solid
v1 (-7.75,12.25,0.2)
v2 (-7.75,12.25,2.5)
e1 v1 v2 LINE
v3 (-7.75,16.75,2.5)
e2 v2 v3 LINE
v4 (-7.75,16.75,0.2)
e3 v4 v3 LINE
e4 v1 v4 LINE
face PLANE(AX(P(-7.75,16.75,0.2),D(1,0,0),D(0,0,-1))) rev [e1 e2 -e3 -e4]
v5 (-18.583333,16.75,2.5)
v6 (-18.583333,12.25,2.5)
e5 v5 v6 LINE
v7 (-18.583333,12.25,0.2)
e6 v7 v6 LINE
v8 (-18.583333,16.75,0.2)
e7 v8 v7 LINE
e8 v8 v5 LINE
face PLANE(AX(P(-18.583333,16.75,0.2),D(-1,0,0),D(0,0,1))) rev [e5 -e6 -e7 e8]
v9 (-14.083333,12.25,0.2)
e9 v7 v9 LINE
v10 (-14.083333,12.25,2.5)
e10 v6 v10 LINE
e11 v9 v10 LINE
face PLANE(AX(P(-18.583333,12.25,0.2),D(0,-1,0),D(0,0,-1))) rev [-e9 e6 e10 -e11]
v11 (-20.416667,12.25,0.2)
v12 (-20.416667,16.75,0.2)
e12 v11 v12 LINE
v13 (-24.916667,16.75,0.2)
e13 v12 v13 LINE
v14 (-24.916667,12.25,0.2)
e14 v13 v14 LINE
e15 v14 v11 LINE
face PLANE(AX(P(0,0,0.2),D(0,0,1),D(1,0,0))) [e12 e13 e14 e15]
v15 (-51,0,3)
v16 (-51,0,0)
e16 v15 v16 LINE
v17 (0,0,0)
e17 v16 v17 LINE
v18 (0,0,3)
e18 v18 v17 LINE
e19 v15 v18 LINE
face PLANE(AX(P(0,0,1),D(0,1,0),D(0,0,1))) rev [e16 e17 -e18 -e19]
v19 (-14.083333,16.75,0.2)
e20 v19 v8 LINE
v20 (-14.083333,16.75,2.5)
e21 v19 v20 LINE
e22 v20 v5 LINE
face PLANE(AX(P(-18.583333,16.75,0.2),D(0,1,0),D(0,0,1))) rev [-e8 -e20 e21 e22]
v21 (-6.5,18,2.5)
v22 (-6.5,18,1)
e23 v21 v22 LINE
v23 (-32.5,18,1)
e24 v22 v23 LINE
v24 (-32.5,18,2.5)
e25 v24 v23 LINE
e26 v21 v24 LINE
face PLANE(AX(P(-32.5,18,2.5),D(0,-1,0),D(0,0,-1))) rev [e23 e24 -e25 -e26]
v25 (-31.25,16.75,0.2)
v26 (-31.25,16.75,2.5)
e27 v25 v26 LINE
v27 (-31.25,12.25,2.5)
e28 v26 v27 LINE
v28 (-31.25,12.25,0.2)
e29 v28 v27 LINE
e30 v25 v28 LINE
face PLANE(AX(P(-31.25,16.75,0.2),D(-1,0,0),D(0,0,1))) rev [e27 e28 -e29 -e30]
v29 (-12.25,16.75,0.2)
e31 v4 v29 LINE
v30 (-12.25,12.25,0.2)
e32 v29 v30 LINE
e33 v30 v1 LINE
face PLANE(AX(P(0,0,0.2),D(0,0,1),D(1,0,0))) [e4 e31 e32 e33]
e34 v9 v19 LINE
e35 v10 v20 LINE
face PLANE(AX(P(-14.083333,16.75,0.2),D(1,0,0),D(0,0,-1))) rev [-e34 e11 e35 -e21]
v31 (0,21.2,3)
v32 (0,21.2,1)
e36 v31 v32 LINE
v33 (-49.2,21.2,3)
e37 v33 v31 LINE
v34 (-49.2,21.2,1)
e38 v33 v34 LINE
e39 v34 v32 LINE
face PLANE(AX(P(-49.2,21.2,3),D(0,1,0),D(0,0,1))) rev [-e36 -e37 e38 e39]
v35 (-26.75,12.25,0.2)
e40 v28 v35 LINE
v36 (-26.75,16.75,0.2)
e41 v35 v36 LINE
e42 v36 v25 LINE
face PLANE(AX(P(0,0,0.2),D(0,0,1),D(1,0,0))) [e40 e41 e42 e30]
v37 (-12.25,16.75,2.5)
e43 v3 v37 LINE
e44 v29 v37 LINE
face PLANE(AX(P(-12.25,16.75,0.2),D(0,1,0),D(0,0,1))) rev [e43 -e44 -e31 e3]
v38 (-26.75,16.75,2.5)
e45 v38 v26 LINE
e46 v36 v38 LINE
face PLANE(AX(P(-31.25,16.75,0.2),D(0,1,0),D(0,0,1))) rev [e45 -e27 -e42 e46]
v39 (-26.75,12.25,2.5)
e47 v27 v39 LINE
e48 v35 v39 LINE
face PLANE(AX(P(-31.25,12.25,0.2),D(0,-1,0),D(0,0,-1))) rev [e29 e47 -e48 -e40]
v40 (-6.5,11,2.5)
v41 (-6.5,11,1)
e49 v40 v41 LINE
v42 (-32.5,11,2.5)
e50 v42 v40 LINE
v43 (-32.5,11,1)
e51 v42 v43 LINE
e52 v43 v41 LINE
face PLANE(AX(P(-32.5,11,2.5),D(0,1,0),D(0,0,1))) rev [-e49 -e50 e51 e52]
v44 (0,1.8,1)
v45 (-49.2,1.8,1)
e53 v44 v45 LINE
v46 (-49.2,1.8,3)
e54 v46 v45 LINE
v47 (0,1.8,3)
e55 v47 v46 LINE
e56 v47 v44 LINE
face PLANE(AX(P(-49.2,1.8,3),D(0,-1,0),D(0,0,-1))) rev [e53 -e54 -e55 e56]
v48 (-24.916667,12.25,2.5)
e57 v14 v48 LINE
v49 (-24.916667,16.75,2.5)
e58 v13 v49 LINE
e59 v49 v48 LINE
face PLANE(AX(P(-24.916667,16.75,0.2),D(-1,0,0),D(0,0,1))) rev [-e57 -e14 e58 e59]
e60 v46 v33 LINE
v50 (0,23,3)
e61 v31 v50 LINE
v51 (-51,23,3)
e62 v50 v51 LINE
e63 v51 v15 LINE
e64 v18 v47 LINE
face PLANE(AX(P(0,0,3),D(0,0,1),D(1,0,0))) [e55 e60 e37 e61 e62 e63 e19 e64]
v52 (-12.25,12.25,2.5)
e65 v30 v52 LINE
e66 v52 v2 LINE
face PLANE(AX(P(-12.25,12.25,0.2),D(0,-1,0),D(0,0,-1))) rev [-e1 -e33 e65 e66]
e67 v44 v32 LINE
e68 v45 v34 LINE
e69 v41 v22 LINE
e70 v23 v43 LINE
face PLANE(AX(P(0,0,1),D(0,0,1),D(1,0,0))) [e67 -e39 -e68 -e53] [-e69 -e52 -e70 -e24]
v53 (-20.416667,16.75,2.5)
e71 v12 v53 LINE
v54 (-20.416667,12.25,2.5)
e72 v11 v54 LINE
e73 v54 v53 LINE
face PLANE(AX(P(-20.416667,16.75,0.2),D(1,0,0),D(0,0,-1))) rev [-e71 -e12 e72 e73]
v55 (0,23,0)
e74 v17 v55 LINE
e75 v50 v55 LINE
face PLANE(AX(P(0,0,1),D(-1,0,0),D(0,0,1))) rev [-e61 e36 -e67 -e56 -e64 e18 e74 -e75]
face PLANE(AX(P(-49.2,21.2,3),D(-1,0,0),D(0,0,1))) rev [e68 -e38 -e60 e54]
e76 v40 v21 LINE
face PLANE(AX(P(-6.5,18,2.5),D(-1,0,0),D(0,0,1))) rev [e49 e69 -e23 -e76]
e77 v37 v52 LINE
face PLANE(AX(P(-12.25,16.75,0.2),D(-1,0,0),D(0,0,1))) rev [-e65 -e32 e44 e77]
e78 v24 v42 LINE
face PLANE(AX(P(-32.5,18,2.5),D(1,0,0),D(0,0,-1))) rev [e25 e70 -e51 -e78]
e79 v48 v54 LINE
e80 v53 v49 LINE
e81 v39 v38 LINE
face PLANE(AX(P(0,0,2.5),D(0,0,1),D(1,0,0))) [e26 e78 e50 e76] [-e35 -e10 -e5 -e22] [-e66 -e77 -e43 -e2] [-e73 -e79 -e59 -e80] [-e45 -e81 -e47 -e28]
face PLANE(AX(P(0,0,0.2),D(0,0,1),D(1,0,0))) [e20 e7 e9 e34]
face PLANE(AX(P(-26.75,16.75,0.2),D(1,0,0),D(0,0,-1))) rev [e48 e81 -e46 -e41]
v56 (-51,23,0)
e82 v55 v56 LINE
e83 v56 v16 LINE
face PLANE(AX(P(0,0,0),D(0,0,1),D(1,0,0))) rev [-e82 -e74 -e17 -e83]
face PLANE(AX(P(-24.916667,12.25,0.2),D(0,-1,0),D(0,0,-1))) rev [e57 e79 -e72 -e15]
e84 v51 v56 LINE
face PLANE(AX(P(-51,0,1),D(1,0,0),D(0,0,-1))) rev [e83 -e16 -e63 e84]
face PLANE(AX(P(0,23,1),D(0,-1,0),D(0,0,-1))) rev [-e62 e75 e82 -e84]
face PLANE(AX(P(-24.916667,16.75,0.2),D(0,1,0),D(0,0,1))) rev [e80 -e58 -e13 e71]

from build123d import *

# Parameters (mm, degrees)
SKETCH1_W           = 51
SKETCH1_H           = 23
BOSS_EXTRUDE1_DEPTH = 1
BOSS_EXTRUDE2_DEPTH = 2
SKETCH3_W           = 26
SKETCH3_H           = 7
BOSS_EXTRUDE3_DEPTH = 1.5
SKETCH4_W           = 4.5
SKETCH4_H           = 4.5
CUT_EXTRUDE1_DEPTH  = 2.3


with BuildPart() as part:
    # Sketch1 → Boss-Extrude1 (new body)
    with BuildSketch(Plane.XY):
        with Locations((-25.5, 11.5)):
            Rectangle(SKETCH1_W, SKETCH1_H)
    extrude(amount=BOSS_EXTRUDE1_DEPTH)

    # Sketch2 → Boss-Extrude2 (add)
    with BuildSketch(Plane.XY.offset(1)):
        Polygon((-51, 23), (0, 23), (0, 21.2), (-49.2, 21.2), (-49.2, 1.8), (0, 1.8), (0, 0), (-51, 0), (-51, 1.8), (-51, 21.2), align=None)
    extrude(amount=BOSS_EXTRUDE2_DEPTH)

    # Sketch3 → Boss-Extrude3 (add)
    with BuildSketch(Plane.XY.offset(1)):
        with Locations((-19.5, 14.5)):
            Rectangle(SKETCH3_W, SKETCH3_H)
    extrude(amount=BOSS_EXTRUDE3_DEPTH)

    # Sketch4 → Cut-Extrude1 (cut)
    with BuildSketch(Plane.XY.offset(2.5)):
        with Locations((-29, 14.5)):
            Rectangle(SKETCH4_W, SKETCH4_H)
        with Locations((-22.666666667, 14.5)):
            Rectangle(SKETCH4_W, SKETCH4_H)
        with Locations((-16.333333333, 14.5)):
            Rectangle(SKETCH4_W, SKETCH4_H)
        with Locations((-10, 14.5)):
            Rectangle(SKETCH4_W, SKETCH4_H)
    extrude(amount=-CUT_EXTRUDE1_DEPTH, mode=Mode.SUBTRACT)


solid = part.part
